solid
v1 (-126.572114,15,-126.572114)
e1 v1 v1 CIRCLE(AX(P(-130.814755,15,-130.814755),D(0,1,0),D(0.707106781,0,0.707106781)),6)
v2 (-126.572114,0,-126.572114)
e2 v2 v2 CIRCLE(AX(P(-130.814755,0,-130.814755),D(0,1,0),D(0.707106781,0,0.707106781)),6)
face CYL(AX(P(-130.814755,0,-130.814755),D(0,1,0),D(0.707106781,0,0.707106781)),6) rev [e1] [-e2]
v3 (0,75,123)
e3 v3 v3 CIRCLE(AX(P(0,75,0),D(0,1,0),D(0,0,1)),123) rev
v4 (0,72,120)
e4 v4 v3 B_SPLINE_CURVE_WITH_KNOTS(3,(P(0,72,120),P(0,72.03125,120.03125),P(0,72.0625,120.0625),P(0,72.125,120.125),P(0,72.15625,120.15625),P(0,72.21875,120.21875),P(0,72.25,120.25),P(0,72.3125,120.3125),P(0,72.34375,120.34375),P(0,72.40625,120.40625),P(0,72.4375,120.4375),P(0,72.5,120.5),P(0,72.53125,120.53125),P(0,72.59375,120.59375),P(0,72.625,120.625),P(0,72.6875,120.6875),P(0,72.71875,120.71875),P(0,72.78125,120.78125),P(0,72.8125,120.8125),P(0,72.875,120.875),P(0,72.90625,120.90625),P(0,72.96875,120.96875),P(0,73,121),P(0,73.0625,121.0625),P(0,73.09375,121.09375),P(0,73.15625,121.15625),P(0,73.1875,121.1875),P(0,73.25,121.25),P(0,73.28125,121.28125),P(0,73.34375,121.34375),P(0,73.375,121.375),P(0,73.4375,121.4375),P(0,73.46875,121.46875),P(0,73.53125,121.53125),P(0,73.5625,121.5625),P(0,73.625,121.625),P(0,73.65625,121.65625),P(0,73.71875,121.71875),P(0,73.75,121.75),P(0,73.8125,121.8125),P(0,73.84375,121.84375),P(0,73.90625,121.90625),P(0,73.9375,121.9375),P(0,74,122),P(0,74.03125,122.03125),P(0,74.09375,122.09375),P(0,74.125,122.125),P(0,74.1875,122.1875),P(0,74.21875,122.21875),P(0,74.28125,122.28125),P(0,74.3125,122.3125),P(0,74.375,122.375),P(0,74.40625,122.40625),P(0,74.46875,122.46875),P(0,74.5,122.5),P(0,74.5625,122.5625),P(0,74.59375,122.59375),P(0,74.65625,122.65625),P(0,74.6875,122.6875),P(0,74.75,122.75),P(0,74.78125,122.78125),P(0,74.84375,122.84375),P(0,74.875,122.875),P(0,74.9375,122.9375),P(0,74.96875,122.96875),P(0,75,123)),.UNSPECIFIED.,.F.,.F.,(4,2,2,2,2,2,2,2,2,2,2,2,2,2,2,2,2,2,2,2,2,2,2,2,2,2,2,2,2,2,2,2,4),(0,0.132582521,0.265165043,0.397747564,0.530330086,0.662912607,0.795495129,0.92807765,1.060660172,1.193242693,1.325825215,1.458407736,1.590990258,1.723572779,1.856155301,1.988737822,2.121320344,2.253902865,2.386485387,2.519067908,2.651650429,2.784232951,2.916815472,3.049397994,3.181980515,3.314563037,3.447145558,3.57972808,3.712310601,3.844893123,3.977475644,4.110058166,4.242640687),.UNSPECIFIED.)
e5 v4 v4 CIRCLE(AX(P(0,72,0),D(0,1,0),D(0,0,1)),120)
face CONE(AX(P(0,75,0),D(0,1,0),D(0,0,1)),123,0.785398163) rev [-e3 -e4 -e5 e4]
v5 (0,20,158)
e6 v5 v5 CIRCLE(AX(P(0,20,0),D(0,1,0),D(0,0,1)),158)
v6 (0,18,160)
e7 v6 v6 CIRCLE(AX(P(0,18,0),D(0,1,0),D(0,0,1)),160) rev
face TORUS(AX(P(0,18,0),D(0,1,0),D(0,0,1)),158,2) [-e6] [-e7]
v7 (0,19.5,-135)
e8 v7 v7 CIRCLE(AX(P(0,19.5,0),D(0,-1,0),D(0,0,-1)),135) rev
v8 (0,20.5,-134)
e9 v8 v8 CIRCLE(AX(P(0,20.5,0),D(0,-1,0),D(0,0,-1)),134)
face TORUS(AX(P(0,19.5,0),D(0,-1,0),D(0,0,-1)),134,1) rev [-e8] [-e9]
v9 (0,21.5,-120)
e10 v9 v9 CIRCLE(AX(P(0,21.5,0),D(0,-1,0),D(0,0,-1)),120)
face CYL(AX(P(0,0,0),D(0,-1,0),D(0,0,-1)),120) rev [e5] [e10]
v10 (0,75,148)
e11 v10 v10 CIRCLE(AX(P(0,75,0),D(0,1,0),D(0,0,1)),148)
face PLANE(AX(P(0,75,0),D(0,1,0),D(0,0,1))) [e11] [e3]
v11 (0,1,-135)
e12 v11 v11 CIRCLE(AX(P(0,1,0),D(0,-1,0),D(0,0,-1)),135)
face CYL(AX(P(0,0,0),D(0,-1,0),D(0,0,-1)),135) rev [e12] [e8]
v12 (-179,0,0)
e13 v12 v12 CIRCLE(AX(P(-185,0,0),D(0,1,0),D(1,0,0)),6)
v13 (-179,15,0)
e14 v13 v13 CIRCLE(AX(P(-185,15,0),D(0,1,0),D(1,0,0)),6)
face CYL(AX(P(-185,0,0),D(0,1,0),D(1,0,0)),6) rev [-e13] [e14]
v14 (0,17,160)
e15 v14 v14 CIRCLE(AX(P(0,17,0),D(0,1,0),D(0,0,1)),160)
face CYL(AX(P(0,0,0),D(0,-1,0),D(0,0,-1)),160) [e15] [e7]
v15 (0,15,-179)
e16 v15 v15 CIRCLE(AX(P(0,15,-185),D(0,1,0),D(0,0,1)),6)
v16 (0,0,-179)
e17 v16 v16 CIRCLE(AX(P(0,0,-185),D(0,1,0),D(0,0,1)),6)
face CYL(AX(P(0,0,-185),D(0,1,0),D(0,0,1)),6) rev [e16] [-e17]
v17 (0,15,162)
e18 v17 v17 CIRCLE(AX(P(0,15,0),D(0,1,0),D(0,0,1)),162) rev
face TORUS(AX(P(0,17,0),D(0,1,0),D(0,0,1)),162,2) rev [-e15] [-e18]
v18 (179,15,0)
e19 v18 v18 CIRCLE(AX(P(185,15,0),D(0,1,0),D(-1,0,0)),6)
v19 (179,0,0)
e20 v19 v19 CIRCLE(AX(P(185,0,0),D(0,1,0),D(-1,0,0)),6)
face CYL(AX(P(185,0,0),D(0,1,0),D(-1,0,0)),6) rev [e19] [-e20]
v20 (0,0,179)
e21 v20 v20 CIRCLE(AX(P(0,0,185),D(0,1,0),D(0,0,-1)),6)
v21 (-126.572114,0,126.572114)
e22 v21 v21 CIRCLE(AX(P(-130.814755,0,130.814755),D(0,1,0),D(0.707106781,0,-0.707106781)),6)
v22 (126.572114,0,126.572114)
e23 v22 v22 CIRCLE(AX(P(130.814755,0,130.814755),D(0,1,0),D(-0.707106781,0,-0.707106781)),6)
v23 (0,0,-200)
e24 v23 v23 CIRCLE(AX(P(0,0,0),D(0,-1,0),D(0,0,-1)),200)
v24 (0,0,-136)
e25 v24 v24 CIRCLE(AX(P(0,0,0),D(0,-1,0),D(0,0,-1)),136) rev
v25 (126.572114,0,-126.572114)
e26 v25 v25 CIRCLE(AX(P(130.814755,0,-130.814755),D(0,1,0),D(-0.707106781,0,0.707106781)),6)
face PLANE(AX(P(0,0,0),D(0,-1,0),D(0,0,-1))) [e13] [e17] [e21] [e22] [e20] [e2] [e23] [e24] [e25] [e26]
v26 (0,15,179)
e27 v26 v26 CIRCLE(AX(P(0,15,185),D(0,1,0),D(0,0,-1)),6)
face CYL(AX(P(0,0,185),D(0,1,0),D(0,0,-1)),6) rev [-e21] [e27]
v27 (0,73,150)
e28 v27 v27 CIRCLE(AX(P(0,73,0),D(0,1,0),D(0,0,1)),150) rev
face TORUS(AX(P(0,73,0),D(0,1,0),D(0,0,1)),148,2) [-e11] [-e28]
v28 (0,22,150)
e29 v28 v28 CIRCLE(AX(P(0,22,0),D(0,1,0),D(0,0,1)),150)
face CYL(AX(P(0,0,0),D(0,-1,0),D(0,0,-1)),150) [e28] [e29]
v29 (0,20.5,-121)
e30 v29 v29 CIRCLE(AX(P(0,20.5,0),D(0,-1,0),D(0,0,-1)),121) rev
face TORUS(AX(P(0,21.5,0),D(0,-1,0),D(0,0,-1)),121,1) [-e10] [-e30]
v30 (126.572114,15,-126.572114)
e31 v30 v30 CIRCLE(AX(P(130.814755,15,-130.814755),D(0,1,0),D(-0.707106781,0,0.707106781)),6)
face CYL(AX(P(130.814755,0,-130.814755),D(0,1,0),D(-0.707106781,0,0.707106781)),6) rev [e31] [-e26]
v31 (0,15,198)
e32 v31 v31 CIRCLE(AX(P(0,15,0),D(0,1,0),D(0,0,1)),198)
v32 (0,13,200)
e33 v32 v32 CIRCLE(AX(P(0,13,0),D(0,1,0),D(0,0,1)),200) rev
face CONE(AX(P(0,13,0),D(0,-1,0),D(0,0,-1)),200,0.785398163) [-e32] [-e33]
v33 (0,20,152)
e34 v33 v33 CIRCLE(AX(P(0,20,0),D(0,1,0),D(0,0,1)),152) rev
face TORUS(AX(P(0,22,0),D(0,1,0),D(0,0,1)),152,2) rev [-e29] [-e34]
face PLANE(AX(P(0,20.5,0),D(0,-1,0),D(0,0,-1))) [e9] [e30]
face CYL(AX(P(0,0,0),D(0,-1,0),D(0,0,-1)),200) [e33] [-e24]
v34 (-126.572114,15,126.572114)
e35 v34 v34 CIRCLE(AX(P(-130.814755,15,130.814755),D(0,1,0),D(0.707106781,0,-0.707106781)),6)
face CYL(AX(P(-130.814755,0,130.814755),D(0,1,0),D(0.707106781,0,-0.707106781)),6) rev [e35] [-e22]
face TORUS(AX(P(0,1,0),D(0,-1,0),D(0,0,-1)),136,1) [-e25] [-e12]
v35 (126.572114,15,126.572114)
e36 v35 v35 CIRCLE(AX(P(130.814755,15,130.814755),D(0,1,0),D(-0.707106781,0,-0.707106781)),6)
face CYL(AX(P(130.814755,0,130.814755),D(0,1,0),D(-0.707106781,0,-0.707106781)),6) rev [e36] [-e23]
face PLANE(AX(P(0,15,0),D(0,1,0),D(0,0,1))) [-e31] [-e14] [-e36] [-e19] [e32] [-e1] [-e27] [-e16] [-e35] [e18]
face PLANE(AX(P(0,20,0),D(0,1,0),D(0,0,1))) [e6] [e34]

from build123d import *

# Parameters (mm, degrees)
SKETCH2_R          = 6
CUT_EXTRUDE1_DEPTH = 290.136645896
CIRPATTERN1_COUNT  = 8
CHAMFER2_SIZE      = 3
FILLET1_R          = 2
CHAMFER3_SIZE      = 2
FILLET2_R          = 1


with BuildPart() as part:
    # Sketch1 → Revolve1 (revolve)
    with BuildSketch(Plane.XY):
        Polygon((135, 0), (200, 0), (200, 15), (160, 15), (160, 20), (150, 20), (150, 75), (120, 75), (120, 20.5), (135, 20.5), align=None)
    revolve(axis=Axis((0, 0, 0), (0, 1, 0)))

    # Sketch2 → Cut-Extrude1 (cut, through all)
    with BuildSketch(Plane(origin=(0, 15, 0), x_dir=(1, 0, 0), z_dir=(0, 1, 0))):
        with Locations((0, 185)):
            Circle(SKETCH2_R)
    cut_extrude1 = extrude(amount=-CUT_EXTRUDE1_DEPTH, mode=Mode.SUBTRACT)

    # CirPattern1: Cut-Extrude1 ×8 about axis
    cirpattern1_axis = Axis((0, 75, 0), (0, -1, 0))
    for i in range(1, CIRPATTERN1_COUNT):
        add(cut_extrude1.rotate(cirpattern1_axis, i * 360 / CIRPATTERN1_COUNT), mode=Mode.SUBTRACT)

    # Chamfer2
    chamfer2_edges = [part.edges().sort_by_distance(p)[0] for p in [
        (-120, 75, 0),
    ]]
    chamfer(chamfer2_edges, length=CHAMFER2_SIZE)

    # Fillet1
    fillet1_edges = [part.edges().sort_by_distance(p)[0] for p in [
        (-160, 20, 0),
        (-160, 15, 0),
        (-150, 20, 0),
        (-150, 75, 0),
    ]]
    fillet(fillet1_edges, radius=FILLET1_R)

    # Chamfer3
    chamfer3_edges = [part.edges().sort_by_distance(p)[0] for p in [
        (-200, 15, 0),
    ]]
    chamfer(chamfer3_edges, length=CHAMFER3_SIZE)

    # Fillet2
    fillet2_edges = [part.edges().sort_by_distance(p)[0] for p in [
        (-120, 20.5, 0),
        (-135, 0, 0),
        (-135, 20.5, 0),
    ]]
    fillet(fillet2_edges, radius=FILLET2_R)


solid = part.part
